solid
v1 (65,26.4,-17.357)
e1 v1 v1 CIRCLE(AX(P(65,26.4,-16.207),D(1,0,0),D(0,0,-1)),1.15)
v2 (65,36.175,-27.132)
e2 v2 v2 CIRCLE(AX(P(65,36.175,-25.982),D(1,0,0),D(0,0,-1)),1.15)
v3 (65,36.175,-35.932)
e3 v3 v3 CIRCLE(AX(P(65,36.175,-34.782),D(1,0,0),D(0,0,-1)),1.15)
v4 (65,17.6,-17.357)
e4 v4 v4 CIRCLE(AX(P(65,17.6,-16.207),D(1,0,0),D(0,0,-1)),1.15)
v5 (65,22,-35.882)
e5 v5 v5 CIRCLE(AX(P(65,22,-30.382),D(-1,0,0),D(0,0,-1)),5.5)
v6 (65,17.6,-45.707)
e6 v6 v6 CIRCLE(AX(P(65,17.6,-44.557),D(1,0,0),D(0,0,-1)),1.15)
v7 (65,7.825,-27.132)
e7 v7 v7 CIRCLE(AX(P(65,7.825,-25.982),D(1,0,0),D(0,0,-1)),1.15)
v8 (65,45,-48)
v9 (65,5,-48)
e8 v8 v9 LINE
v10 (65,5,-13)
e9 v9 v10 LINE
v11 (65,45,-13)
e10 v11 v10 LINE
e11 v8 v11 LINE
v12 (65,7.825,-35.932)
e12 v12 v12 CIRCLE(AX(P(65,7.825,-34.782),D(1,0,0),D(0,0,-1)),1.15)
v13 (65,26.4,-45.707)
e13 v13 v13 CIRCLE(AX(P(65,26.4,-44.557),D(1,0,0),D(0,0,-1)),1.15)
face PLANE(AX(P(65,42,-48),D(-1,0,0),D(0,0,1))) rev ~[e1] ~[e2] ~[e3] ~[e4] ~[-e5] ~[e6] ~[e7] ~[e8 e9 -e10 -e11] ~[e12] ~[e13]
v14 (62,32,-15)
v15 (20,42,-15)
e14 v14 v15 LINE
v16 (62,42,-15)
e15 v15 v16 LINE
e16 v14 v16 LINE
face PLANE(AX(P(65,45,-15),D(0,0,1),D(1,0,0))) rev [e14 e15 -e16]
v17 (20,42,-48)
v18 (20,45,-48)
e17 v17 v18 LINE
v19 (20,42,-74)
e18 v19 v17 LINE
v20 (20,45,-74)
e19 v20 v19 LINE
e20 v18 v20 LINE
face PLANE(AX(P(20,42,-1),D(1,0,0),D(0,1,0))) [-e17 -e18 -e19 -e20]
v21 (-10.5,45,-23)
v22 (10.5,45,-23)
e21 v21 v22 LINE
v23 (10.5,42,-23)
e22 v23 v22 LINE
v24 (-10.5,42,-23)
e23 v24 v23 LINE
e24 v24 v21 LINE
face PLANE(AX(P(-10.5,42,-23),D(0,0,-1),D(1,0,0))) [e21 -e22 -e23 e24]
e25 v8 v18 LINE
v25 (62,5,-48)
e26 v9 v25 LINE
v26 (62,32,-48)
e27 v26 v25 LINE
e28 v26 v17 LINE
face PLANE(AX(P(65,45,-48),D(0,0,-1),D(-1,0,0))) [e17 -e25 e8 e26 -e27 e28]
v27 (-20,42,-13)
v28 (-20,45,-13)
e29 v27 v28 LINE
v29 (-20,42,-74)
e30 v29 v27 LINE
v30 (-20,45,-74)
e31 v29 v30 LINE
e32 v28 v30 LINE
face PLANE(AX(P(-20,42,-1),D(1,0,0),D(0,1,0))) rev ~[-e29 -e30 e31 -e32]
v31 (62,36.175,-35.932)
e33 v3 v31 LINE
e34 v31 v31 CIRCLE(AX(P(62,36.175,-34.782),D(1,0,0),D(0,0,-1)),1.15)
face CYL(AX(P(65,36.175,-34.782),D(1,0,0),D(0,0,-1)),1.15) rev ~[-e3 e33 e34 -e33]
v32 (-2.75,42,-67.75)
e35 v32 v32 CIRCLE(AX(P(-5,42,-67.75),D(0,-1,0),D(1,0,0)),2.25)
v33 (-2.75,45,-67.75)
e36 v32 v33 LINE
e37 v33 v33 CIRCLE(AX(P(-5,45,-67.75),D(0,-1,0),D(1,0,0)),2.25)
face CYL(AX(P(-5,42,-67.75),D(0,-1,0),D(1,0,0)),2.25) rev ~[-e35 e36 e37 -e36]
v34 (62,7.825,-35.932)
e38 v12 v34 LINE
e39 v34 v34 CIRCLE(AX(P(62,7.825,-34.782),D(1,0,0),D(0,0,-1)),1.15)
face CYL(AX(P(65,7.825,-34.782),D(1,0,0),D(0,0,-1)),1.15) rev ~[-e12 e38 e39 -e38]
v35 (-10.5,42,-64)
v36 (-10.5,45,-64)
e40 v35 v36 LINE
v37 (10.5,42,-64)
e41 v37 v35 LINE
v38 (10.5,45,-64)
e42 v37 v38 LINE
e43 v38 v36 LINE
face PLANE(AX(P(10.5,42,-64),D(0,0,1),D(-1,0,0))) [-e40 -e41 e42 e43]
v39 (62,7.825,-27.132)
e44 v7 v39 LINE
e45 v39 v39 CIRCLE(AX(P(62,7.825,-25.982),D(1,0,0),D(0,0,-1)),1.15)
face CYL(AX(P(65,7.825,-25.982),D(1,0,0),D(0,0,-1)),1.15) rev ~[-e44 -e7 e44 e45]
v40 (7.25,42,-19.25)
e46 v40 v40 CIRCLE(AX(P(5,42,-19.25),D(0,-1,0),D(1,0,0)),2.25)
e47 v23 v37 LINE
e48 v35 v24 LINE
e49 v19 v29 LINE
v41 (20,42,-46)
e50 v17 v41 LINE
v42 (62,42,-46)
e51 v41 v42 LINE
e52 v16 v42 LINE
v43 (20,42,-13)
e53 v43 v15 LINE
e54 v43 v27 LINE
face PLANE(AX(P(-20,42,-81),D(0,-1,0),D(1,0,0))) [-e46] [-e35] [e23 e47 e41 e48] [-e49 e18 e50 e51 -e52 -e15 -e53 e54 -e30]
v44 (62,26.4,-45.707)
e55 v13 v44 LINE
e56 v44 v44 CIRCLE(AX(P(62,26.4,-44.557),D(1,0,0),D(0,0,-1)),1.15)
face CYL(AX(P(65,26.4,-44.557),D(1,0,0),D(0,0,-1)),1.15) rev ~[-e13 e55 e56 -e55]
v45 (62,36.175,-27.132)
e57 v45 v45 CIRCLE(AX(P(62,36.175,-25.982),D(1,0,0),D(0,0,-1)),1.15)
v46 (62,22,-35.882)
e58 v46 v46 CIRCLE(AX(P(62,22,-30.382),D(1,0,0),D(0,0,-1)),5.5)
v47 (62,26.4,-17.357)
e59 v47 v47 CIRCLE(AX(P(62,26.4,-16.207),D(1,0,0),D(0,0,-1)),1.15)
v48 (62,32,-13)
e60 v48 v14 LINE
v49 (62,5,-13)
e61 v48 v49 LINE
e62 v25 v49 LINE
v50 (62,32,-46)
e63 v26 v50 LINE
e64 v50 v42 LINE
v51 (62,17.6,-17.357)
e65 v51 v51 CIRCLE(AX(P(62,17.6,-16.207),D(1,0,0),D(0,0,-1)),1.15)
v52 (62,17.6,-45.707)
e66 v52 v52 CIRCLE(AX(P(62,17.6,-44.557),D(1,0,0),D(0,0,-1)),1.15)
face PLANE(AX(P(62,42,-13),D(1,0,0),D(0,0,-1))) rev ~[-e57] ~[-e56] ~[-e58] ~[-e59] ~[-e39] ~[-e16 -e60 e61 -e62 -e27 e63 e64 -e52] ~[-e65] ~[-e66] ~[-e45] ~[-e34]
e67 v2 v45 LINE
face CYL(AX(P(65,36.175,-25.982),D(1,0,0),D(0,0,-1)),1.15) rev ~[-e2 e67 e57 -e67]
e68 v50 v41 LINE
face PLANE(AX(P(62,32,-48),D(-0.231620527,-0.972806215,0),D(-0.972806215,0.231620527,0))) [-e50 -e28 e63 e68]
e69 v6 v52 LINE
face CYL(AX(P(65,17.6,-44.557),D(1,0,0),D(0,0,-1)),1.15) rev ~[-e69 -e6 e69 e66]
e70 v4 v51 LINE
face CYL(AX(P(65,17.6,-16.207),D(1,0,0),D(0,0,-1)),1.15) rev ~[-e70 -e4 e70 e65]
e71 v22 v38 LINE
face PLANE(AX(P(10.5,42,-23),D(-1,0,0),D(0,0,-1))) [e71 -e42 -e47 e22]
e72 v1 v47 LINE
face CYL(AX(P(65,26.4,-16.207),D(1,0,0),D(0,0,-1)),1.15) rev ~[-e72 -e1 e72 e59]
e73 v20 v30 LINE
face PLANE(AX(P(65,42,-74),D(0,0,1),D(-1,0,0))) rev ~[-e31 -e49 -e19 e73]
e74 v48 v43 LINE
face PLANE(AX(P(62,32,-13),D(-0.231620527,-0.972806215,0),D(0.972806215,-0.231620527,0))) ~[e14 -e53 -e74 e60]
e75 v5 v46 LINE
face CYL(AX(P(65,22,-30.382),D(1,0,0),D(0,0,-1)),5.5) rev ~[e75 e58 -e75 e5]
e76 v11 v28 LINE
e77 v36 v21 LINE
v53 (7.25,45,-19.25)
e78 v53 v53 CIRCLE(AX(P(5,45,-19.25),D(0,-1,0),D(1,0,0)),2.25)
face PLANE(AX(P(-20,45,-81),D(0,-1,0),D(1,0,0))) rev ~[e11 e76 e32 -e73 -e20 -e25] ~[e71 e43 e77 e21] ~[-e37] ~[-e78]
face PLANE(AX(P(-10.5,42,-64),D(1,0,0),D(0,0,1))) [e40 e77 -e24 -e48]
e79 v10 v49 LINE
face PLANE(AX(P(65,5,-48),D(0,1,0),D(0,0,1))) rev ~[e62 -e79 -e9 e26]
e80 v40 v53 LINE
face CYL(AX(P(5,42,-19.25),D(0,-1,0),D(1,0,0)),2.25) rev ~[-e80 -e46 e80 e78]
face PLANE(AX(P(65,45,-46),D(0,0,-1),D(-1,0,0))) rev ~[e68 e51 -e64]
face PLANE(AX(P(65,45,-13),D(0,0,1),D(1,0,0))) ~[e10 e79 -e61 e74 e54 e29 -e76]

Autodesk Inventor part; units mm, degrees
ref_plane "YZ Plane" through (0, 0, 0) normal (1, 0, 0) x (0, 1, 0)
ref_plane "XZ Plane" through (0, 0, 0) normal (0, 1, 0) x (-1, 0, 0)
sketch "Sketch1" plane through (0, 0, 0) normal (0, 0, 1) x (1, 0, 0)
  line L0 (-31, -31) -> (31, -31)
  line L1 (31, -31) -> (31, 31)
  line L2 (31, 31) -> (-31, 31)
  line L3 (-31, 31) -> (-31, -31)
  line L4 (-31, -31) -> (31, 31) construction
  line L5 (31, -31) -> (-31, 31) construction
  line L6 (-33, 33) -> (33, 33)
  line L7 (33, 33) -> (33, -33)
  line L8 (33, -33) -> (-33, -33)
  line L9 (-33, -33) -> (-33, 33)
  point P0 (0, 0)
  dimension "d0" = 62
  dimension "d1" = 62
  dimension "d2" = 2
extrude "Extrusion1" add sketch "Sketch1" along normal blind 2 contours L3 L2 L1 L0 | L6 L7 L8 L9
extrude "Extrusion2" add sketch "Sketch1" against normal blind 12
sketch "Sketch2" plane through (-33, 33, 2) normal (0, 1, 0) x (1, 0, 0)
  line L0 (13, 3) -> (53, 3)
  line L1 (53, 3) -> (53, 0)
  line L2 (53, 0) -> (13, 0)
  line L3 (13, 0) -> (13, 3)
  line L4 (0, 14) -> (0, 0) projected
  line L5 (0, 14) -> (66, 14) projected
  point P0 (33, 2)
  dimension "d7" = 40
  dimension "d8" = 3
  dimension "d9" = 13
  dimension "d10" = 11
extrude "Extrusion3" add sketch "Sketch2" along normal blind 12
sketch "Sketch3" plane through (20, 33, -1) normal (0, 0, -1) x (-1, 0, 0)
  line L0 (40, 12) -> (0, 12) projected
  line L1 (40, 0) -> (40, 12) projected
  line L2 (0, 12) -> (40, 12)
  line L3 (40, 12) -> (40, 9)
  line L4 (40, 9) -> (0, 9)
  line L5 (0, 9) -> (0, 12)
  point P0 (20, -33)
  dimension "d13" = 3
extrude "Extrusion4" add sketch "Sketch3" along normal blind 80
sketch "Sketch4" plane through (-20, 42, -1) normal (0, -1, 0) x (1, 0, 0)
  line L0 (30.5, -63) -> (9.5, -63)
  line L1 (9.5, -63) -> (9.5, -22)
  line L2 (9.5, -22) -> (30.5, -22)
  line L3 (30.5, -22) -> (30.5, -63)
  line L4 (40, 3) -> (40, -80) projected
  line L5 (0, 3) -> (40, 3) projected
  point P0 (20, 1)
  dimension "d16" = 21
  dimension "d17" = 41
  dimension "d18" = 9.5
  dimension "d19" = 25
extrude "Extrusion5" cut sketch "Sketch4" against normal blind 80
sketch "Sketch5" plane through (-20, 42, -1) normal (0, -1, 0) x (1, 0, 0)
  line L0 (30.5, -63) -> (9.5, -63) projected
  line L1 (30.5, -63) -> (9.5, -63)
  line L2 (9.5, -63) -> (9.5, -70)
  line L3 (9.5, -70) -> (30.5, -70)
  line L4 (30.5, -70) -> (30.5, -63)
  circle A0 centre (15, -66.75) radius 2.25
  line L5 (30.5, -22) -> (30.5, -63) projected
  line L6 (30.5, -22) -> (9.5, -22)
  line L7 (9.5, -22) -> (9.5, -15)
  line L8 (9.5, -15) -> (30.5, -15)
  line L9 (30.5, -15) -> (30.5, -22)
  circle A1 centre (25, -18.25) radius 2.25
  point P0 (20, 1)
  point P1 (15.4717, -69.81)
  point P2 (14.5283, -69.81)
  point P3 (24.5283, -15.19)
  point P4 (25.4717, -15.19)
  dimension "d22" = 7
  dimension "d23" = 4.5
  dimension "d24" = 3.75
  dimension "d25" = 5.5
  dimension "d26" = 7
  dimension "d27" = 4.5
  dimension "d28" = 5.5
  dimension "d29" = 3.75
extrude "Extrusion6" cut sketch "Sketch5" against normal blind 80 contours A0 | A1
sketch "Sketch6" plane through (-33, -33, 2) normal (0, -1, 0) x (1, 0, 0)
  line L0 (0, 0) -> (66, 0) projected
  line L1 (66, -14) -> (0, -14) projected
  line L2 (0, 0) -> (66, 0)
  line L3 (66, 0) -> (66, -14)
  line L4 (66, -14) -> (0, -14)
  line L5 (0, -14) -> (0, 0)
  point P0 (33, -2)
extrude "Extrusion7" cut sketch "Sketch6" against normal up to surface (75 mm away)
sketch "Sketch7" plane through (-20, 42, -81) normal (0, -1, 0) x (1, 0, 0)
  line L0 (40, 83) -> (40, 0) projected
  line L1 (40, 0) -> (85, 0)
  line L2 (85, 0) -> (85, 83)
  line L3 (85, 83) -> (40, 83)
  line L4 (40, 83) -> (40, 0)
  line L5 (85, 33) -> (40, 33)
  point P0 (20, 81)
  point P1 (40, 33)
  dimension "d34" = 45
  dimension "d35" = 83
  dimension "d36" = 50
extrude "Extrusion8" add sketch "Sketch7" against normal up to surface (3 mm away) contours L3 L2 L5 L0
sketch "Sketch8" plane through (-20, 42, -81) normal (0, -1, 0) x (1, 0, 0)
  line L0 (0, 83) -> (85, 83)
  line L1 (85, 83) -> (85, 0)
  line L2 (85, 0) -> (0, 0)
  line L3 (0, 0) -> (0, 83)
  line L4 (85, 7) -> (0, 7)
  line L5 (85, 33) -> (85, 83) projected
  line L6 (-12.2623, 85.093) -> (0, 83)
  line L7 (0, 83) -> (-11.5686, 87.0435)
  line L8 (-11.5686, 87.0435) -> (85, 70.5603)
  line L9 (0, 83) -> (100, 83)
  line L10 (100, 83) -> (100, 68)
  line L11 (100, 68) -> (0, 68)
  line L12 (0, 68) -> (0, 83)
  point P0 (20, 81)
  point P1 (0, 73.8499)
  point P2 (27.25, 61.75)
  point P3 (27.25, 61.75)
  point P4 (25.55, 64.81)
  point P5 (0, 68)
  point P6 (85, 68)
  dimension "d40" = 83
  dimension "d41" = 7
  dimension "d43" = 15
extrude "Extrusion9" cut sketch "Sketch8" against normal blind 10 contours L0 L8 L1 L11 L3 | L0 L1 L8 | L4 L1 L2 L3
sketch "Sketch9" plane through (20, 42, -48) normal (0, -1, 0) x (1, 0, 0)
  line L0 (45, 0) -> (45, 35) projected
  line L1 (0, 0) -> (45, 0) projected
  line L2 (45, 35) -> (42, 35)
  line L3 (42, 35) -> (42, 0)
  line L4 (42, 0) -> (45, 0)
  line L5 (45, 0) -> (45, 35)
  point P0 (-20, 48)
  dimension "d46" = 3
extrude "Extrusion10" add sketch "Sketch9" along normal blind 100
sketch "Sketch10" plane through (65, 45, -13) normal (1, 0, 0) x (0, 0, -1)
  circle A0 centre (18, -56.25) radius 2.125
  circle A1 centre (18, -93) radius 2.125
  circle A2 centre (18, -74.625) radius 6.45
  line L0 (20.093, -55.8824) -> (22.589, -70.0925)
  line L1 (15.9065, -55.8857) -> (13.439, -70.0643)
  line L2 (20.0935, -93.3643) -> (22.561, -79.1857)
  line L3 (15.8877, -93.2317) -> (13.411, -79.1575)
  line L4 (18, -56.25) -> (18, -74.625)
  line L5 (18, -74.625) -> (18, -93)
  line L6 (35, 0) -> (35, -103) projected
  line L7 (35, -103) -> (0, -103) projected
  point P0 (-13, -45)
  dimension "d49" = 4.25
  dimension "d50" = 4.25
  dimension "d51" = 12.9
  dimension "d52" = 9.15
  dimension "d53" = 9.15
  dimension "d54" = 41
  dimension "d57" = 17
  dimension "d58" = 10
extrude "Extrusion11" cut sketch "Sketch10" against normal blind 2.5
sketch "Sketch11" plane through (65, 45, -13) normal (1, 0, 0) x (0, 0, -1)
  line L0 (35, -3) -> (35, -103) projected
  line L1 (0, 0) -> (0, -103) projected
  line L2 (35, -103) -> (0, -103)
  line L3 (0, -103) -> (0, 0)
  line L4 (0, 0) -> (35, 0)
  line L5 (35, 0) -> (35, -103)
  line L6 (35, -40) -> (0, -40)
  point P0 (-13, -45)
  dimension "d59" = 40
extrude "Extrusion12" cut sketch "Sketch11" against normal blind 10 contours L0 L2 L1 L6
sketch "Sketch12" plane through (65, 45, -48) normal (0, 0, -1) x (-1, 0, 0)
  line L0 (45, -3) -> (3, -3) projected
  line L1 (3, -3) -> (45, -3)
  line L2 (45, -3) -> (45, -13)
  line L3 (45, -13) -> (3, -13)
  line L4 (3, -13) -> (3, -3)
  line L5 (3, -13) -> (45, -3)
  point P0 (65, -45)
  dimension "d62" = 42
  dimension "d63" = 10
extrude "Extrusion13" add sketch "Sketch12" against normal blind 2 contours L5 L4 L0
ref_plane "Work Plane1" through (65, 45, -30.5) normal (0, 0, -1) x (-1, 0, 0)
mirror "Mirror1" about plane through (65, 45, -30.5) normal (0, 0, -1) of "Extrusion13"
sketch "Sketch13" plane through (65, 45, -13) normal (1, 0, 0) x (0, 0, -1)
  circle A0 centre (17.382, -23) radius 5.5
  circle A1 centre (17.382, -23) radius 6.45
  circle A2 centre (-0.993, -23) radius 2.125
  circle A3 centre (35.757, -23) radius 2.125
  line L0 (-1.339, -20.9034) -> (12.6745, -18.5907)
  line L1 (-1.3774, -25.0899) -> (13.0021, -27.7348)
  line L2 (36.1038, -20.9035) -> (22.084, -18.5848)
  line L3 (36.1414, -25.0899) -> (21.762, -27.7348)
  line L4 (17.382, -23) -> (35.757, -23)
  line L5 (17.382, -23) -> (-0.993, -23)
  circle A4 centre (3.207, -27.4) radius 1.15
  circle A5 centre (31.557, -18.6) radius 1.15
  line L6 (0, -40) -> (35, -40) projected
  line L7 (-0.993, -23) -> (35.757, -23)
  circle A6 centre (31.557, -27.4) radius 1.15
  circle A7 centre (3.207, -18.6) radius 1.15
  circle A8 centre (12.982, -37.175) radius 1.15
  circle A9 centre (21.782, -37.175) radius 1.15
  circle A10 centre (21.782, -8.825) radius 1.15
  circle A11 centre (12.982, -8.825) radius 1.15
  circle A12 centre (31.557, -27.4) radius 1.15
  circle A13 centre (31.557, -18.6) radius 1.15
  circle A14 centre (3.207, -18.6) radius 1.15
  circle A15 centre (3.207, -27.4) radius 1.15
  circle A16 centre (21.782, -8.825) radius 1.15
  circle A17 centre (12.982, -8.825) radius 1.15
  circle A18 centre (12.982, -37.175) radius 1.15
  circle A19 centre (21.782, -37.175) radius 1.15
  point P0 (-13, -45)
  point P1 (17.5, -40)
  dimension "d66" = 12.9
  dimension "d67" = 4.25
  dimension "d68" = 4.25
  dimension "d69" = 9.15
  dimension "d70" = 9.15
  dimension "d71" = 41
  dimension "d72" = 18.375
  dimension "d73" = 2.3
  dimension "d74" = 4.4
  dimension "d75" = 4.2
  dimension "d76" = 2.3
  dimension "d77" = 4.4
  dimension "d78" = 4.2
  dimension "d79" = 17
  dimension "d86" = 360
extrude "Extrusion14" cut sketch "Sketch13" against normal blind 10 contours A4 | A5
extrude "Extrusion15" cut sketch "Sketch13" against normal blind 10 contours A6 | A7
extrude "Extrusion16" cut sketch "Sketch13" against normal blind 10 contours A8 | A9 | A10 | A11
extrude "Extrusion17" cut sketch "Sketch13" against normal blind 10 contours L4 L5 A0 | A0 L5 L4
properties part number "pan_base_holder_second"
